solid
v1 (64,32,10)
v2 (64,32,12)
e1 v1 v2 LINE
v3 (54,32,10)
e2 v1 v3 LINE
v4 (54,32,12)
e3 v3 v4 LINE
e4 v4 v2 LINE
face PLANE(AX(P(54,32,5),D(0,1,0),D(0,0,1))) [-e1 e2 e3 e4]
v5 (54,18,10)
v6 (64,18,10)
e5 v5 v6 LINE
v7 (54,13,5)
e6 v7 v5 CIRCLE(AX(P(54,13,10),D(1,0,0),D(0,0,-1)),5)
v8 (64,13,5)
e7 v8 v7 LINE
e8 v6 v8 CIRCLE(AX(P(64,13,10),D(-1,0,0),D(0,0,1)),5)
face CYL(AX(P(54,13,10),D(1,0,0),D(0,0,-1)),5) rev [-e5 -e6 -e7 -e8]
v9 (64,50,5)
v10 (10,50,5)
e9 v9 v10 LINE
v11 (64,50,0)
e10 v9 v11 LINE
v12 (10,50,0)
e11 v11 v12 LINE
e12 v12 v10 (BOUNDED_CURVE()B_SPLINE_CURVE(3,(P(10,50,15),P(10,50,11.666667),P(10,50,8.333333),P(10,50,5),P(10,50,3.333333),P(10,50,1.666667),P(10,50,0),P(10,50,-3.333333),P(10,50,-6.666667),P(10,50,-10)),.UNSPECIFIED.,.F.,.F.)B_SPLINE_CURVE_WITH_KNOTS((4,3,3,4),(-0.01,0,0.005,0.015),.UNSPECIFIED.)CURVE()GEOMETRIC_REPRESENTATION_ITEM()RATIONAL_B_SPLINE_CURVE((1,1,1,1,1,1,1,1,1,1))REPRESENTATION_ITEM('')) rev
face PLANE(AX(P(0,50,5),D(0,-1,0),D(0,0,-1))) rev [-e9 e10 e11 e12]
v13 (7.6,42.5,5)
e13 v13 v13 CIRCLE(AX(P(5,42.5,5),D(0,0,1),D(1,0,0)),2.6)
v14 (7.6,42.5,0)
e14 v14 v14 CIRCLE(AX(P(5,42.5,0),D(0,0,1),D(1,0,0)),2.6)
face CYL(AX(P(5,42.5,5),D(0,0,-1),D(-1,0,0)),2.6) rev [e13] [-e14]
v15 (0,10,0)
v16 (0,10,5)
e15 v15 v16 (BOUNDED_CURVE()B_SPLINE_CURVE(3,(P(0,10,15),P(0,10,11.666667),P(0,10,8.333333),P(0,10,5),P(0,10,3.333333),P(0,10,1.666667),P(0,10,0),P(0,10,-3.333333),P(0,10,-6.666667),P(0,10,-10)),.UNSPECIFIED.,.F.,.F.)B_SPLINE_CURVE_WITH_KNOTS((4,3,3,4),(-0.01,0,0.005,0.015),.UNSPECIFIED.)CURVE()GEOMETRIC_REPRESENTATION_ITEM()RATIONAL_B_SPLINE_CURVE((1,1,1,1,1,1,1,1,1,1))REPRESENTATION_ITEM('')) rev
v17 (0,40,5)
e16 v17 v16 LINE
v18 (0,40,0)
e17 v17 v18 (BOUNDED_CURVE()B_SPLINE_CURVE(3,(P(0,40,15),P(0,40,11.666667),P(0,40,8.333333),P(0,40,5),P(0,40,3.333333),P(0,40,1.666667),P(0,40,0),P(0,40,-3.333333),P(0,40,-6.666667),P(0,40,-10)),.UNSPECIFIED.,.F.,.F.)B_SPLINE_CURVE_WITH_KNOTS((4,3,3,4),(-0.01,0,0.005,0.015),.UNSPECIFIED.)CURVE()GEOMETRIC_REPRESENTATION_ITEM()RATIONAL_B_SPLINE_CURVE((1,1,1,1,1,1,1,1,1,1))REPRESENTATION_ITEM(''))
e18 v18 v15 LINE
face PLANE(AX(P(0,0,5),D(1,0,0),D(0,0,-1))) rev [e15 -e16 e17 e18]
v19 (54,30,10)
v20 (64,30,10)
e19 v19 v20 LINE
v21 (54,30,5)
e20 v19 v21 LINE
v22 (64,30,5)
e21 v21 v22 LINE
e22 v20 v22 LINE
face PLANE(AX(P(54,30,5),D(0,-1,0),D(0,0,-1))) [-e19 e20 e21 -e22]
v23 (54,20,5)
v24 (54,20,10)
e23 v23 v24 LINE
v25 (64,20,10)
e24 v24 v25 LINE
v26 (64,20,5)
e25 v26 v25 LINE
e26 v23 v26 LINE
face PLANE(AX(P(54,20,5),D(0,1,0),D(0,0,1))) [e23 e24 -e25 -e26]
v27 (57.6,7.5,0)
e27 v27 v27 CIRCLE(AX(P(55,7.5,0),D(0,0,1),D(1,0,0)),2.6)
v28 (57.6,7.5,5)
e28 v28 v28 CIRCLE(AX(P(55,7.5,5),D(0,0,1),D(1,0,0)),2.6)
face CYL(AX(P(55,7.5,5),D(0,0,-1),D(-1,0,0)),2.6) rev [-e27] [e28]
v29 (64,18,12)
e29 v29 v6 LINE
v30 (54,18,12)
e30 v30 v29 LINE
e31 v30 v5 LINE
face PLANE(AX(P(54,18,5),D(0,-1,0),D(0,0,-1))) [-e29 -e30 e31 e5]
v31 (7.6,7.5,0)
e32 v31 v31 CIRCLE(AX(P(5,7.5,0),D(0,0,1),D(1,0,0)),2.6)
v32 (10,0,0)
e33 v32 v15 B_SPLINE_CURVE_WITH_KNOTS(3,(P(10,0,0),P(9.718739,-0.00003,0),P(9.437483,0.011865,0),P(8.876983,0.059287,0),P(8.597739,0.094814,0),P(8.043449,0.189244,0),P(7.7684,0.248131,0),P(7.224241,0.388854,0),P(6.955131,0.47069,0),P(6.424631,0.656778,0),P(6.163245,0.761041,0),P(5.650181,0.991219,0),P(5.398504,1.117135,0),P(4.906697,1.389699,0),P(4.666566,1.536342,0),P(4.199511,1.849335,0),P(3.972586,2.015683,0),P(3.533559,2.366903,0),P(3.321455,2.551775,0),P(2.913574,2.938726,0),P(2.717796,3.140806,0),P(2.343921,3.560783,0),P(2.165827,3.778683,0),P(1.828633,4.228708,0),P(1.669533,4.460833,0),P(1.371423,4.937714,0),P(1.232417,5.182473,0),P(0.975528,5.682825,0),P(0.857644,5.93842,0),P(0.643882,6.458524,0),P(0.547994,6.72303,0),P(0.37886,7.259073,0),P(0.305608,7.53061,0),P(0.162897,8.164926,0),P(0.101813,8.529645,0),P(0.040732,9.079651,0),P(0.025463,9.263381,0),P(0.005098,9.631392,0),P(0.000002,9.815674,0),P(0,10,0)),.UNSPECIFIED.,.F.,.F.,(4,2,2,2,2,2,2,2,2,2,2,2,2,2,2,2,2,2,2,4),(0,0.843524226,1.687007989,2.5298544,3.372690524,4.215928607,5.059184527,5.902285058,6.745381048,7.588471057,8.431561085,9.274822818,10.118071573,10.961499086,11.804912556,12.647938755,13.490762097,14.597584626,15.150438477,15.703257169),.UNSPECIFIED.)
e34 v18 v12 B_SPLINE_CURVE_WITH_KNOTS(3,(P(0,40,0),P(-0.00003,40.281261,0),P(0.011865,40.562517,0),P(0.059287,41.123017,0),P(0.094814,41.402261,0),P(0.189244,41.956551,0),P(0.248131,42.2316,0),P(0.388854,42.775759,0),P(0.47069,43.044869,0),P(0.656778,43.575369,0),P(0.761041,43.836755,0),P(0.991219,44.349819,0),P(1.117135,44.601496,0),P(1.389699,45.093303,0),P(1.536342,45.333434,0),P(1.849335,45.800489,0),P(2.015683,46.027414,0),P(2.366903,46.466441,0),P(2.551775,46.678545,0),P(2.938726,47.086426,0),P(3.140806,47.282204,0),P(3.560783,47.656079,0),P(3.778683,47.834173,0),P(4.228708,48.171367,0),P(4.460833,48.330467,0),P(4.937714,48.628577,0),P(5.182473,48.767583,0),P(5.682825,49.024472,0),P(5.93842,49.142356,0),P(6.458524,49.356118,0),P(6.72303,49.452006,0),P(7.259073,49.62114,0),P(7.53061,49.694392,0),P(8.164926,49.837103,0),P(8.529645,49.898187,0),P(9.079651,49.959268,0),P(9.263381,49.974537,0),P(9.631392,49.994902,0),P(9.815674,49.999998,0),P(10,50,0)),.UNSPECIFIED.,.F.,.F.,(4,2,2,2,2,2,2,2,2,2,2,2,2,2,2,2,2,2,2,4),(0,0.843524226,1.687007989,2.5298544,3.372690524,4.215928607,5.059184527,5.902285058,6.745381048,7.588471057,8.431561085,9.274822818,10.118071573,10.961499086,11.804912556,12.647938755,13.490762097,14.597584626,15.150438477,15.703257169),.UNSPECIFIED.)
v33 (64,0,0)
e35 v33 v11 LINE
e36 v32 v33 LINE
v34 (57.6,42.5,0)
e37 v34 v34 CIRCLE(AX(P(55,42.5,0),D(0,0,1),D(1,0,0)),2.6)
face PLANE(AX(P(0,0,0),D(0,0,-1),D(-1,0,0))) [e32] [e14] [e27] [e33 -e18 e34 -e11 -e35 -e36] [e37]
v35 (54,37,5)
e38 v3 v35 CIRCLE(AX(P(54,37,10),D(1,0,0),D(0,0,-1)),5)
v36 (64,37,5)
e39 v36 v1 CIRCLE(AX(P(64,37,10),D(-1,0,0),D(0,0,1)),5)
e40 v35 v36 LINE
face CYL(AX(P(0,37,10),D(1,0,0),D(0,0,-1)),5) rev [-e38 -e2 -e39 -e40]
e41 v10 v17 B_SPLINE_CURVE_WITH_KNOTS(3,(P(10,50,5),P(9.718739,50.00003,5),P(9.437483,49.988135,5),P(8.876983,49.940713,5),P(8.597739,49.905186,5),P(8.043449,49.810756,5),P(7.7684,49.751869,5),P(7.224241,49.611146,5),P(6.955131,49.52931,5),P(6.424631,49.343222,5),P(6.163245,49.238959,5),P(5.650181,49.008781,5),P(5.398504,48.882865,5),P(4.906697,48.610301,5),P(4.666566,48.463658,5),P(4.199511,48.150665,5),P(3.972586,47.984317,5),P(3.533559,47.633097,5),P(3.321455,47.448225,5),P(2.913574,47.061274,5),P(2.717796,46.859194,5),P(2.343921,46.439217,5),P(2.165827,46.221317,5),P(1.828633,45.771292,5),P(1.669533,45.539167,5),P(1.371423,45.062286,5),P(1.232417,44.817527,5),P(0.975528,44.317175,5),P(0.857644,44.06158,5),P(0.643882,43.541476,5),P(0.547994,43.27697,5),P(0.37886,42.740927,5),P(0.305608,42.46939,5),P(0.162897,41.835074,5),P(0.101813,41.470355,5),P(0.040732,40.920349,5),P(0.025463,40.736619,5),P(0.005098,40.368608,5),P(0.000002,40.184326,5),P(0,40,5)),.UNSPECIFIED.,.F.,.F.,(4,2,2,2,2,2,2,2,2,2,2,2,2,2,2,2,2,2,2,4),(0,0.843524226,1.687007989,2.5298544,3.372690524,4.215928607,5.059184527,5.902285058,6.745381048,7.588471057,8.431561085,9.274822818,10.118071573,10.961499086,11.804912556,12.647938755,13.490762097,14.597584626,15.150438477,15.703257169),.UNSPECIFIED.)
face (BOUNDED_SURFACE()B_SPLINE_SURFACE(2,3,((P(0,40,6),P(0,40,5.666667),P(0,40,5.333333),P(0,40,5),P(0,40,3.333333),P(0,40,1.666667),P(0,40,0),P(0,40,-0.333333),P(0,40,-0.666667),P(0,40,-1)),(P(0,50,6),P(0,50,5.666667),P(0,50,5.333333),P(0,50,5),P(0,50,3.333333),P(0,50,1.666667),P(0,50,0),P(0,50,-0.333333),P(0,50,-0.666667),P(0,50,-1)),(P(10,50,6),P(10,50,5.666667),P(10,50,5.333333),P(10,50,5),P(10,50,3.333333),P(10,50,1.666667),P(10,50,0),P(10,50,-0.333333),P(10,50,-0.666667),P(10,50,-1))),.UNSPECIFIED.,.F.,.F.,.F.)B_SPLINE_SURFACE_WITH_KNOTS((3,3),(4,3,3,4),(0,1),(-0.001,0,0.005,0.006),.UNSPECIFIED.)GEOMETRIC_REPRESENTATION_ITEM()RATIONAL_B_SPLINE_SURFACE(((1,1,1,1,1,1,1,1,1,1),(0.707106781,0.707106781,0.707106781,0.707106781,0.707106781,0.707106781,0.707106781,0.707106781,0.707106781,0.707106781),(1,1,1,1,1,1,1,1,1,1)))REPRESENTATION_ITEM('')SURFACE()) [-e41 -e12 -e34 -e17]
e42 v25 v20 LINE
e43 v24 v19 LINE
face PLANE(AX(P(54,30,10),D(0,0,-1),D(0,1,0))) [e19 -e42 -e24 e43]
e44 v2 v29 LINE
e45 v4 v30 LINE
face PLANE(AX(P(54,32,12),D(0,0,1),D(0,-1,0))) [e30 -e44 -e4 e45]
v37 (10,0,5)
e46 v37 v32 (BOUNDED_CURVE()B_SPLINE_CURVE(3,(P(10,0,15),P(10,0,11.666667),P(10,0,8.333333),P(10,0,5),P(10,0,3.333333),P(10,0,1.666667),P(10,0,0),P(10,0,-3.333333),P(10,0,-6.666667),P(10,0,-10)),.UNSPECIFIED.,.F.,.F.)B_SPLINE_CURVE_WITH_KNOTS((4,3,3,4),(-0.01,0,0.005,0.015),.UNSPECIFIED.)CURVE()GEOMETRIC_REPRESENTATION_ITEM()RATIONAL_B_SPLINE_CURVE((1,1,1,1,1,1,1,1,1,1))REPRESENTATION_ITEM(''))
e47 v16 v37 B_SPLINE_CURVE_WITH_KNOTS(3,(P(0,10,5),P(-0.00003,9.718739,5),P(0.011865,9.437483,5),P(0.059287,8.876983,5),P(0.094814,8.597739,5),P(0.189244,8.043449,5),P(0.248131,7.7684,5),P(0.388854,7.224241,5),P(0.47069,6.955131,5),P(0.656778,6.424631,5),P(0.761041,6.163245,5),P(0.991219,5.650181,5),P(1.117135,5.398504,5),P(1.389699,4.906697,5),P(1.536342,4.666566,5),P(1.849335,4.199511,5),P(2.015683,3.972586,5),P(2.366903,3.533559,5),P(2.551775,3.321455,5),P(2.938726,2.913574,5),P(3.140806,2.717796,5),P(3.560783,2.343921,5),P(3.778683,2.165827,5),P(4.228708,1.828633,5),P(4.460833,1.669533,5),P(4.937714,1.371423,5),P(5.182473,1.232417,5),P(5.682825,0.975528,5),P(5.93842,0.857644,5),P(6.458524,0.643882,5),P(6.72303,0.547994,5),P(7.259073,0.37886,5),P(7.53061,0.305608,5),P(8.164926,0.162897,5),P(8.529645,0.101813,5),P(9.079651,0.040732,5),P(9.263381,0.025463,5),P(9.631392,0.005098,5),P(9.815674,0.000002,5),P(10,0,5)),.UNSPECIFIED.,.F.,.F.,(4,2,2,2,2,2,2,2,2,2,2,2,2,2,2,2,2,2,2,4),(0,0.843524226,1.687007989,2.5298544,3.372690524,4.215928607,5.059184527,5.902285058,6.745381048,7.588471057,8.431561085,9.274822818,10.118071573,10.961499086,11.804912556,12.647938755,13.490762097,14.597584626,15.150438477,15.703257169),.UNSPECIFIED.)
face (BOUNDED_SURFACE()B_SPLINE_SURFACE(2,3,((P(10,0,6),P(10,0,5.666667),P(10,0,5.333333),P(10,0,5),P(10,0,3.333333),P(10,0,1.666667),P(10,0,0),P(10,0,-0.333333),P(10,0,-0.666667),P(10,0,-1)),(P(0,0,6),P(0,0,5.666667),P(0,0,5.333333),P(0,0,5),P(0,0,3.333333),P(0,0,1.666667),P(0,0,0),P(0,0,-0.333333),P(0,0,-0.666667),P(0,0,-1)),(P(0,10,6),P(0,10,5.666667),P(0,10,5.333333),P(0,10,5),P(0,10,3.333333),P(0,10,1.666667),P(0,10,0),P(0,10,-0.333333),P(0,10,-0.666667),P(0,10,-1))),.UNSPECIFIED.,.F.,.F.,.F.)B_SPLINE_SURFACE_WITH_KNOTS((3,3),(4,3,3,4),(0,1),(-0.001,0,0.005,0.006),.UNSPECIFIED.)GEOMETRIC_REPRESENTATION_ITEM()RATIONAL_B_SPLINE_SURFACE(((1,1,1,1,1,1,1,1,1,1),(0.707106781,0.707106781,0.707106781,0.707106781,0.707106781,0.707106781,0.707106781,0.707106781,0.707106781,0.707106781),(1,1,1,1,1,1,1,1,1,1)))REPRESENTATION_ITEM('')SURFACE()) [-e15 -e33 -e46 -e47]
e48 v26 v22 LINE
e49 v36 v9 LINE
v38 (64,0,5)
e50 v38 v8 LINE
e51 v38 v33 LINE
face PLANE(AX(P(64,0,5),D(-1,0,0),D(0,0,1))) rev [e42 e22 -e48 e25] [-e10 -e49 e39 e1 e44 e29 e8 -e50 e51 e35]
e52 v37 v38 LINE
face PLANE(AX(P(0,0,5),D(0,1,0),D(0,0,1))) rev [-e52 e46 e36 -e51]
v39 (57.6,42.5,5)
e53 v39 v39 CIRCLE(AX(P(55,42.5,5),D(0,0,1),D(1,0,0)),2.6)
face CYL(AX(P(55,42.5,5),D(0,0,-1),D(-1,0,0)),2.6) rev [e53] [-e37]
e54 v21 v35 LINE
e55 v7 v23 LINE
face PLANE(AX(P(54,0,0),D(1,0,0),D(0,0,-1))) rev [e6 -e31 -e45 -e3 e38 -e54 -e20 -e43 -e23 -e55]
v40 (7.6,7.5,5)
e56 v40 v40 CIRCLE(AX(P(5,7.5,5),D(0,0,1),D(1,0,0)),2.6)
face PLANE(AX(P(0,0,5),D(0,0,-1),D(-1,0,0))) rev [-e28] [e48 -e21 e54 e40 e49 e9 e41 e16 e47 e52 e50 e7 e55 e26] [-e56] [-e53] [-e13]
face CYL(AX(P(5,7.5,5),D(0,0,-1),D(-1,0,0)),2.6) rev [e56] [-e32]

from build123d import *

# Parameters (mm, degrees)
SKETCH1_W           = 64
SKETCH1_H           = 50
SKETCH1_R           = 2.6
BOSS_EXTRUDE1_DEPTH = 5
FILLET1_R           = 10
BOSS_EXTRUDE2_DEPTH = 10
FILLET2_R           = 5


with BuildPart() as part:
    # Sketch1 → Boss-Extrude1 (new body)
    with BuildSketch(Plane.XY):
        with Locations((32, 25)):
            Rectangle(SKETCH1_W, SKETCH1_H)
        with Locations((5, 42.5)):
            Circle(SKETCH1_R, mode=Mode.SUBTRACT)
        with Locations((55, 42.5)):
            Circle(SKETCH1_R, mode=Mode.SUBTRACT)
        with Locations((55, 7.5)):
            Circle(SKETCH1_R, mode=Mode.SUBTRACT)
        with Locations((5, 7.5)):
            Circle(SKETCH1_R, mode=Mode.SUBTRACT)
    extrude(amount=BOSS_EXTRUDE1_DEPTH)

    # Fillet1
    fillet1_edges = [part.edges().sort_by_distance(p)[0] for p in [
        (0, 50, 2.5),
        (0, 0, 2.5),
    ]]
    fillet(fillet1_edges, radius=FILLET1_R)

    # Sketch3 → Boss-Extrude2 (add)
    with BuildSketch(Plane(origin=(64, 0, 0), x_dir=(0, 0, -1), z_dir=(1, 0, 0))):
        Polygon((-5, 30), (-10, 30), (-10, 20), (-5, 20), (-5, 18), (-12, 18), (-12, 32), (-5, 32), align=None)
    extrude(amount=-BOSS_EXTRUDE2_DEPTH)

    # Fillet2
    fillet2_edges = [part.edges().sort_by_distance(p)[0] for p in [
        (59, 32, 5),
        (59, 18, 5),
    ]]
    fillet(fillet2_edges, radius=FILLET2_R)


solid = part.part
